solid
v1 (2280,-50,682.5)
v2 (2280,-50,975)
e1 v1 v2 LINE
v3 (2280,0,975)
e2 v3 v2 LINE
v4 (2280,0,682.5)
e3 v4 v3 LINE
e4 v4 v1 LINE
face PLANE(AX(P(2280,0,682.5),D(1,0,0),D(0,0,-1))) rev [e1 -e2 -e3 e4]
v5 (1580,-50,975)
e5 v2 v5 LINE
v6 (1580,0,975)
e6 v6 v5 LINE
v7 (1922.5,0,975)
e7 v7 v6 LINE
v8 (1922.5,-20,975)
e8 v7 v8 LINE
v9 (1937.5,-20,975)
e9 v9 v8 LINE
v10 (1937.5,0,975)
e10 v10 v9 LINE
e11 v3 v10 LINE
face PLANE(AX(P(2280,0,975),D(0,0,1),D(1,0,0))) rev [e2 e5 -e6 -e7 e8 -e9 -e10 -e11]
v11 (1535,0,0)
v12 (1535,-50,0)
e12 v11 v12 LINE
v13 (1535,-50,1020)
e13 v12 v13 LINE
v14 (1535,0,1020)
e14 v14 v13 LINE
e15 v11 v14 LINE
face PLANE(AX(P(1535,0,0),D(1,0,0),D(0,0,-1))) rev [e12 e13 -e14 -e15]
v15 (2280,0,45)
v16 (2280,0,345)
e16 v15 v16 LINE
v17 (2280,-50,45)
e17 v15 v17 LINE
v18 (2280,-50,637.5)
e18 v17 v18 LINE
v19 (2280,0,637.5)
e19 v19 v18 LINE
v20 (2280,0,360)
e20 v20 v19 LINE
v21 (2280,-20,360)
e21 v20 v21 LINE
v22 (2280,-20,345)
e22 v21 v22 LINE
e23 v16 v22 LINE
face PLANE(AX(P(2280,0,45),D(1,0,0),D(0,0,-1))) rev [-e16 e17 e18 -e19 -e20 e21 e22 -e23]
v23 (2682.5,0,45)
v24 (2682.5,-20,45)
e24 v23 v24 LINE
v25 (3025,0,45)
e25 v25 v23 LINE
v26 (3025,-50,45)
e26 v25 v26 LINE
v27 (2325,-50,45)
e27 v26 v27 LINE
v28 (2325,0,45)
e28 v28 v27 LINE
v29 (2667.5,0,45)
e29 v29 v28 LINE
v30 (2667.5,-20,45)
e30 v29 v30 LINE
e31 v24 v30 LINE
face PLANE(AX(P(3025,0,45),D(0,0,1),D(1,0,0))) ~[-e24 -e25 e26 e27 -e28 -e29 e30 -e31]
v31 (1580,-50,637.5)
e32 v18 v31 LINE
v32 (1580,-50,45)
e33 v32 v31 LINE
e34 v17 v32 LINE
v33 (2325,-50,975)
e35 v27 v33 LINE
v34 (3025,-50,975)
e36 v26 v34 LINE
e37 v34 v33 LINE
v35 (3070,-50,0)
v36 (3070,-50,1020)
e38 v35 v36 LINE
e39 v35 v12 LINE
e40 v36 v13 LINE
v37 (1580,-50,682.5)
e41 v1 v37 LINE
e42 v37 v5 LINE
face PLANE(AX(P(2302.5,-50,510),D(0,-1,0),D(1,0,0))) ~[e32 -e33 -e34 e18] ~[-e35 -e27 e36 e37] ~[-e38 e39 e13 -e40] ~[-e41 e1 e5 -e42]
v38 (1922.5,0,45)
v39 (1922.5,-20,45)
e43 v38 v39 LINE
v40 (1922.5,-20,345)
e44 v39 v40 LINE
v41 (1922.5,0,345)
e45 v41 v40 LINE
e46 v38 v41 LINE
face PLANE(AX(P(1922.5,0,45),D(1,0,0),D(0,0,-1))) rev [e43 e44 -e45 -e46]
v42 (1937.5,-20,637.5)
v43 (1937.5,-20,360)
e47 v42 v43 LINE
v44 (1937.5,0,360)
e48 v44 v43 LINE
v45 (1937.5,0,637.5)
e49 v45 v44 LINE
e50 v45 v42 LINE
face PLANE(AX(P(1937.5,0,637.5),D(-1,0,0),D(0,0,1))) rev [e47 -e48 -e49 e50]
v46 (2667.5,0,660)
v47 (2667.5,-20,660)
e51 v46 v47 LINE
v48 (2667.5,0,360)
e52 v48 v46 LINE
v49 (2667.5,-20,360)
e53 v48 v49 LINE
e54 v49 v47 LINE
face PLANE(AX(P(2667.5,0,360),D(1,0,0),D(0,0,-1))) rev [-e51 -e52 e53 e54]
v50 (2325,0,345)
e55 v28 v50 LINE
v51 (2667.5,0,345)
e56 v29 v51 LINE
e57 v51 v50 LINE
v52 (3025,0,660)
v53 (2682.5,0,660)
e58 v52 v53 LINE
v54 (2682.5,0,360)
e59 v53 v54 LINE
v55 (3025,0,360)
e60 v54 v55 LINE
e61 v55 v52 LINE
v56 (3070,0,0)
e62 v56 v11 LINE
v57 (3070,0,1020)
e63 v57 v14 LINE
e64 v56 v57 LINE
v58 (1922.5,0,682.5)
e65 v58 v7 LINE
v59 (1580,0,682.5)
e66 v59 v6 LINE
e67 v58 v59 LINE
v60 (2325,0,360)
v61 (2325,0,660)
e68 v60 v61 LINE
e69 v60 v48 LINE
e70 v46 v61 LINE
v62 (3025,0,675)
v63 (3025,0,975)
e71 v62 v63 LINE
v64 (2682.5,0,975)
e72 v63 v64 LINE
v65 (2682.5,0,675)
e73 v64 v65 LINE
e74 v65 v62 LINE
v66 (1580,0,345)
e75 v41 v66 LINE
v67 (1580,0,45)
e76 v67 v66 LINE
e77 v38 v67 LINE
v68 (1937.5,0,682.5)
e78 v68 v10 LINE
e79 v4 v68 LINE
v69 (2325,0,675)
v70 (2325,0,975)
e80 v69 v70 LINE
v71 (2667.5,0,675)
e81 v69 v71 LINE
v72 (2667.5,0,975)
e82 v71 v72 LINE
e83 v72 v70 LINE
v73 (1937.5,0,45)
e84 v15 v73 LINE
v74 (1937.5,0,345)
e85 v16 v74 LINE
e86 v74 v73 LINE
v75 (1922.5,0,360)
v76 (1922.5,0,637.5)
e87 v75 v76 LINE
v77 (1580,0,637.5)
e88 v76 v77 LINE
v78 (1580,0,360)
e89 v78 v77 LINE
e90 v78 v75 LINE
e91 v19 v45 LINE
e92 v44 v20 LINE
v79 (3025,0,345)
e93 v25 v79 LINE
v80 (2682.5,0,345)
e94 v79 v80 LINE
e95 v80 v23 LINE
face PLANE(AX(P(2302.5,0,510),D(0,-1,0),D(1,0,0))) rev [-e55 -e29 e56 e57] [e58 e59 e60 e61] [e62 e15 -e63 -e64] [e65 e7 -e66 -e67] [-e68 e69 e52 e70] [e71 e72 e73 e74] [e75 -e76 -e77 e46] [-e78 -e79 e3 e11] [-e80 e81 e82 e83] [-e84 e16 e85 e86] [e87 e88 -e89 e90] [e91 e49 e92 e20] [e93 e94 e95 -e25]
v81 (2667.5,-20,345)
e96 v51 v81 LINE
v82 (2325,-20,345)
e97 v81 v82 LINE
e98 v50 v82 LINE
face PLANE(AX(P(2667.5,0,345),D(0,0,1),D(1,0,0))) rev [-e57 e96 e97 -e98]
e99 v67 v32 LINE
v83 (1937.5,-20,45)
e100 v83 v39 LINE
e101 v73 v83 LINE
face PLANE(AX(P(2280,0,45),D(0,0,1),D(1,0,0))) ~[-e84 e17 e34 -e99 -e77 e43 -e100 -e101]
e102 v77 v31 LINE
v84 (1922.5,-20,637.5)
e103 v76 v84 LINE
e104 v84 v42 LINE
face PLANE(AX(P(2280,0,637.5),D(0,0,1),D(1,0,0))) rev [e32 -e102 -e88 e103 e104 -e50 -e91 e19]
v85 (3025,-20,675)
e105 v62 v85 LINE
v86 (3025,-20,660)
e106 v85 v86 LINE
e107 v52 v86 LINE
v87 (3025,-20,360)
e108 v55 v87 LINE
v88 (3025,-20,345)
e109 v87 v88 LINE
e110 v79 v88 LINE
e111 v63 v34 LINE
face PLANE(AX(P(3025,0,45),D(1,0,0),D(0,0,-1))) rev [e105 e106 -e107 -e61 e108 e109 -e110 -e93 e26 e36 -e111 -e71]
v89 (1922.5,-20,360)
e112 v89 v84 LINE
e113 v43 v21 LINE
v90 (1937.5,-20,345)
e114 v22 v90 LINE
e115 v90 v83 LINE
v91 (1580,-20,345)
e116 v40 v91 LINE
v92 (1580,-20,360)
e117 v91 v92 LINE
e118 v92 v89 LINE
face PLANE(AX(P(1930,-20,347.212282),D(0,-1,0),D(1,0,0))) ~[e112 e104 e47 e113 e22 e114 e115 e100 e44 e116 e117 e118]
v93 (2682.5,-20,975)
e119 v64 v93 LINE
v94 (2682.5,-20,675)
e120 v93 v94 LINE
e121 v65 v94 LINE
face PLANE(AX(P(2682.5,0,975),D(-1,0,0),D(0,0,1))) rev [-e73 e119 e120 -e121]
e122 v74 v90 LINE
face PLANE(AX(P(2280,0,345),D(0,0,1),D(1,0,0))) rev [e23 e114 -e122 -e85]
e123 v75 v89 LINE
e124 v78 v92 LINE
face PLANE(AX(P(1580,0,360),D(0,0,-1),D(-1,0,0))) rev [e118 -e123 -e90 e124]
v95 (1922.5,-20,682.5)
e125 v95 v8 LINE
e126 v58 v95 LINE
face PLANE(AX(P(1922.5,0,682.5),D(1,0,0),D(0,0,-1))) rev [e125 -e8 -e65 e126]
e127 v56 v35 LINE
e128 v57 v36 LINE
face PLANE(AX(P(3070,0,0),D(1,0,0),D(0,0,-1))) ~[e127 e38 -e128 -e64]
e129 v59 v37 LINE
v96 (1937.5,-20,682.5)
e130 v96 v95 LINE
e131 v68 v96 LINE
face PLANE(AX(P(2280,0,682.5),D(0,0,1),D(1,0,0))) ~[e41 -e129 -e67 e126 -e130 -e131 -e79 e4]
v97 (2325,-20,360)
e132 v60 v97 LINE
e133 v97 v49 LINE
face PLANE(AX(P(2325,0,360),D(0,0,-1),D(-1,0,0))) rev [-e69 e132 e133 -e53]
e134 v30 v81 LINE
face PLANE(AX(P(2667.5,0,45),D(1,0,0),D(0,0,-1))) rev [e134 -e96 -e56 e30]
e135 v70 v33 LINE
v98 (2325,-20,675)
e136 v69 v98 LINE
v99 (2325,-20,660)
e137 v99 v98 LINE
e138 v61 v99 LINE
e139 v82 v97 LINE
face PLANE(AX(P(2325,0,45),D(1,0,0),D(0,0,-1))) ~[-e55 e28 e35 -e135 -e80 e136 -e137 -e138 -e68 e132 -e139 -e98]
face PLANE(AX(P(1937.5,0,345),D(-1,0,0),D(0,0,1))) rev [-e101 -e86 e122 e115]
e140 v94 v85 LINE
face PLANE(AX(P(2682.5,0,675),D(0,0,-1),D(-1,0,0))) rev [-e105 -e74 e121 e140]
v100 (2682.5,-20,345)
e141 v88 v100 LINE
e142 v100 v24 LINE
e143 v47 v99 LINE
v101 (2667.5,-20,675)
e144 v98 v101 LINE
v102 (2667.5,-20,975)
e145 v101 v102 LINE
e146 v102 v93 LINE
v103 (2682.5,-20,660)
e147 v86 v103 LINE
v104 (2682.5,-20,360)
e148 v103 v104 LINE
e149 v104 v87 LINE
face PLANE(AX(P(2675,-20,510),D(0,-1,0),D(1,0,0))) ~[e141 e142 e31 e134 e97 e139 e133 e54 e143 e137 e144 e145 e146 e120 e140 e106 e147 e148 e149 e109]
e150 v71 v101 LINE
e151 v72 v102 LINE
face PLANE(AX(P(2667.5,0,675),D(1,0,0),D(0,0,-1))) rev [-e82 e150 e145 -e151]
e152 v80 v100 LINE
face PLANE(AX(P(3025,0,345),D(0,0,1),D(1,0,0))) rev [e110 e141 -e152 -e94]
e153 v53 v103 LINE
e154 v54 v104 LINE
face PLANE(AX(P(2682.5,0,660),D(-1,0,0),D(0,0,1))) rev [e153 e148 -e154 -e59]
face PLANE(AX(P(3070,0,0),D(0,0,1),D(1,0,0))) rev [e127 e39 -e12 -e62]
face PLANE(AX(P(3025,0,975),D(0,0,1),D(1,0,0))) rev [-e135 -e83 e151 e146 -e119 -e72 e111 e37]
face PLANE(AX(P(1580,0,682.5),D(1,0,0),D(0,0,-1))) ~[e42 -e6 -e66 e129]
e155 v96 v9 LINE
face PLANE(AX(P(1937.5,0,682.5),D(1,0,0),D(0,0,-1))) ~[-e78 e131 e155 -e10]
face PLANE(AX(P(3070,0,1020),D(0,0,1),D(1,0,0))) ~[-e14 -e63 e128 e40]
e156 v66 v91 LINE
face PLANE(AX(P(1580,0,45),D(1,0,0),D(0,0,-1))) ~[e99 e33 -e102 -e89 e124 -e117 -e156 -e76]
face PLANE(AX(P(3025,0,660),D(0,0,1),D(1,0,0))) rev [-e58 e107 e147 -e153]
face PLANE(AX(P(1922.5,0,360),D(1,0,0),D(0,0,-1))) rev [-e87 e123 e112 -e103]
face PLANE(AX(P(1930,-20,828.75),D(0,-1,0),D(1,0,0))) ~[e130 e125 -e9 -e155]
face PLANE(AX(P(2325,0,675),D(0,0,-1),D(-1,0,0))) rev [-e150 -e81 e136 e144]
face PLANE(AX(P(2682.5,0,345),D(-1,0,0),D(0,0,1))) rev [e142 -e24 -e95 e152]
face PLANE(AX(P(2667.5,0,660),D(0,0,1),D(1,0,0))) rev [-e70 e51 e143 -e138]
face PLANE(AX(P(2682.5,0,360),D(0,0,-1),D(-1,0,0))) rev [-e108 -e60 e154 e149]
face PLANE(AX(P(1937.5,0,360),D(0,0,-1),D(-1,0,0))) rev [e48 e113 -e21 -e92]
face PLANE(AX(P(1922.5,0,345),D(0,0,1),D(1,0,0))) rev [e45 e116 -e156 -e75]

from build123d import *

# Parameters (mm, degrees)
F0_W     = 1535
F0_H     = 1020
F0_W_2   = 700
F0_H_2   = 592.5
F0_H_3   = 930
F0_H_4   = 292.5
F1_DEPTH = 50
F2_W     = 15
F2_H     = 292.5
F3_DEPTH = 20


with BuildPart() as f1:
    # F0 (on Front) → F1 (new body)
    with BuildSketch(Plane.XZ):
        with Locations((767.5, 510)):
            Rectangle(F0_W, F0_H)
        with Locations((1140, 341.25)):
            Rectangle(F0_W_2, F0_H_2, mode=Mode.SUBTRACT)
        with Locations((395, 510)):
            Rectangle(F0_W_2, F0_H_3, mode=Mode.SUBTRACT)
        with Locations((1140, 828.75)):
            Rectangle(F0_W_2, F0_H_4, mode=Mode.SUBTRACT)
    extrude(amount=F1_DEPTH)

    # F2 (on Front) → F3 (join)
    with BuildSketch(Plane.XZ):
        Polygon((402.5, 975), (387.5, 975), (387.5, 675), (45, 675), (45, 660), (387.5, 660), (387.5, 360), (45, 360), (45, 345), (387.5, 345), (387.5, 45), (402.5, 45), (402.5, 345), (745, 345), (745, 360), (402.5, 360), (402.5, 660), (745, 660), (745, 675), (402.5, 675), align=None)
        Polygon((1132.5, 360), (790, 360), (790, 345), (1132.5, 345), (1132.5, 45), (1147.5, 45), (1147.5, 345), (1490, 345), (1490, 360), (1147.5, 360), (1147.5, 637.5), (1132.5, 637.5), align=None)
        with Locations((1140, 828.75)):
            Rectangle(F2_W, F2_H)
    extrude(amount=F3_DEPTH)


with BuildPart() as f4_1:
    # F4: instance of F1
    add(f1.part.mirror(Plane(origin=(1535, -25, 510), x_dir=(0, 1, 0), z_dir=(1, 0, 0))))


solid = f4_1.part
